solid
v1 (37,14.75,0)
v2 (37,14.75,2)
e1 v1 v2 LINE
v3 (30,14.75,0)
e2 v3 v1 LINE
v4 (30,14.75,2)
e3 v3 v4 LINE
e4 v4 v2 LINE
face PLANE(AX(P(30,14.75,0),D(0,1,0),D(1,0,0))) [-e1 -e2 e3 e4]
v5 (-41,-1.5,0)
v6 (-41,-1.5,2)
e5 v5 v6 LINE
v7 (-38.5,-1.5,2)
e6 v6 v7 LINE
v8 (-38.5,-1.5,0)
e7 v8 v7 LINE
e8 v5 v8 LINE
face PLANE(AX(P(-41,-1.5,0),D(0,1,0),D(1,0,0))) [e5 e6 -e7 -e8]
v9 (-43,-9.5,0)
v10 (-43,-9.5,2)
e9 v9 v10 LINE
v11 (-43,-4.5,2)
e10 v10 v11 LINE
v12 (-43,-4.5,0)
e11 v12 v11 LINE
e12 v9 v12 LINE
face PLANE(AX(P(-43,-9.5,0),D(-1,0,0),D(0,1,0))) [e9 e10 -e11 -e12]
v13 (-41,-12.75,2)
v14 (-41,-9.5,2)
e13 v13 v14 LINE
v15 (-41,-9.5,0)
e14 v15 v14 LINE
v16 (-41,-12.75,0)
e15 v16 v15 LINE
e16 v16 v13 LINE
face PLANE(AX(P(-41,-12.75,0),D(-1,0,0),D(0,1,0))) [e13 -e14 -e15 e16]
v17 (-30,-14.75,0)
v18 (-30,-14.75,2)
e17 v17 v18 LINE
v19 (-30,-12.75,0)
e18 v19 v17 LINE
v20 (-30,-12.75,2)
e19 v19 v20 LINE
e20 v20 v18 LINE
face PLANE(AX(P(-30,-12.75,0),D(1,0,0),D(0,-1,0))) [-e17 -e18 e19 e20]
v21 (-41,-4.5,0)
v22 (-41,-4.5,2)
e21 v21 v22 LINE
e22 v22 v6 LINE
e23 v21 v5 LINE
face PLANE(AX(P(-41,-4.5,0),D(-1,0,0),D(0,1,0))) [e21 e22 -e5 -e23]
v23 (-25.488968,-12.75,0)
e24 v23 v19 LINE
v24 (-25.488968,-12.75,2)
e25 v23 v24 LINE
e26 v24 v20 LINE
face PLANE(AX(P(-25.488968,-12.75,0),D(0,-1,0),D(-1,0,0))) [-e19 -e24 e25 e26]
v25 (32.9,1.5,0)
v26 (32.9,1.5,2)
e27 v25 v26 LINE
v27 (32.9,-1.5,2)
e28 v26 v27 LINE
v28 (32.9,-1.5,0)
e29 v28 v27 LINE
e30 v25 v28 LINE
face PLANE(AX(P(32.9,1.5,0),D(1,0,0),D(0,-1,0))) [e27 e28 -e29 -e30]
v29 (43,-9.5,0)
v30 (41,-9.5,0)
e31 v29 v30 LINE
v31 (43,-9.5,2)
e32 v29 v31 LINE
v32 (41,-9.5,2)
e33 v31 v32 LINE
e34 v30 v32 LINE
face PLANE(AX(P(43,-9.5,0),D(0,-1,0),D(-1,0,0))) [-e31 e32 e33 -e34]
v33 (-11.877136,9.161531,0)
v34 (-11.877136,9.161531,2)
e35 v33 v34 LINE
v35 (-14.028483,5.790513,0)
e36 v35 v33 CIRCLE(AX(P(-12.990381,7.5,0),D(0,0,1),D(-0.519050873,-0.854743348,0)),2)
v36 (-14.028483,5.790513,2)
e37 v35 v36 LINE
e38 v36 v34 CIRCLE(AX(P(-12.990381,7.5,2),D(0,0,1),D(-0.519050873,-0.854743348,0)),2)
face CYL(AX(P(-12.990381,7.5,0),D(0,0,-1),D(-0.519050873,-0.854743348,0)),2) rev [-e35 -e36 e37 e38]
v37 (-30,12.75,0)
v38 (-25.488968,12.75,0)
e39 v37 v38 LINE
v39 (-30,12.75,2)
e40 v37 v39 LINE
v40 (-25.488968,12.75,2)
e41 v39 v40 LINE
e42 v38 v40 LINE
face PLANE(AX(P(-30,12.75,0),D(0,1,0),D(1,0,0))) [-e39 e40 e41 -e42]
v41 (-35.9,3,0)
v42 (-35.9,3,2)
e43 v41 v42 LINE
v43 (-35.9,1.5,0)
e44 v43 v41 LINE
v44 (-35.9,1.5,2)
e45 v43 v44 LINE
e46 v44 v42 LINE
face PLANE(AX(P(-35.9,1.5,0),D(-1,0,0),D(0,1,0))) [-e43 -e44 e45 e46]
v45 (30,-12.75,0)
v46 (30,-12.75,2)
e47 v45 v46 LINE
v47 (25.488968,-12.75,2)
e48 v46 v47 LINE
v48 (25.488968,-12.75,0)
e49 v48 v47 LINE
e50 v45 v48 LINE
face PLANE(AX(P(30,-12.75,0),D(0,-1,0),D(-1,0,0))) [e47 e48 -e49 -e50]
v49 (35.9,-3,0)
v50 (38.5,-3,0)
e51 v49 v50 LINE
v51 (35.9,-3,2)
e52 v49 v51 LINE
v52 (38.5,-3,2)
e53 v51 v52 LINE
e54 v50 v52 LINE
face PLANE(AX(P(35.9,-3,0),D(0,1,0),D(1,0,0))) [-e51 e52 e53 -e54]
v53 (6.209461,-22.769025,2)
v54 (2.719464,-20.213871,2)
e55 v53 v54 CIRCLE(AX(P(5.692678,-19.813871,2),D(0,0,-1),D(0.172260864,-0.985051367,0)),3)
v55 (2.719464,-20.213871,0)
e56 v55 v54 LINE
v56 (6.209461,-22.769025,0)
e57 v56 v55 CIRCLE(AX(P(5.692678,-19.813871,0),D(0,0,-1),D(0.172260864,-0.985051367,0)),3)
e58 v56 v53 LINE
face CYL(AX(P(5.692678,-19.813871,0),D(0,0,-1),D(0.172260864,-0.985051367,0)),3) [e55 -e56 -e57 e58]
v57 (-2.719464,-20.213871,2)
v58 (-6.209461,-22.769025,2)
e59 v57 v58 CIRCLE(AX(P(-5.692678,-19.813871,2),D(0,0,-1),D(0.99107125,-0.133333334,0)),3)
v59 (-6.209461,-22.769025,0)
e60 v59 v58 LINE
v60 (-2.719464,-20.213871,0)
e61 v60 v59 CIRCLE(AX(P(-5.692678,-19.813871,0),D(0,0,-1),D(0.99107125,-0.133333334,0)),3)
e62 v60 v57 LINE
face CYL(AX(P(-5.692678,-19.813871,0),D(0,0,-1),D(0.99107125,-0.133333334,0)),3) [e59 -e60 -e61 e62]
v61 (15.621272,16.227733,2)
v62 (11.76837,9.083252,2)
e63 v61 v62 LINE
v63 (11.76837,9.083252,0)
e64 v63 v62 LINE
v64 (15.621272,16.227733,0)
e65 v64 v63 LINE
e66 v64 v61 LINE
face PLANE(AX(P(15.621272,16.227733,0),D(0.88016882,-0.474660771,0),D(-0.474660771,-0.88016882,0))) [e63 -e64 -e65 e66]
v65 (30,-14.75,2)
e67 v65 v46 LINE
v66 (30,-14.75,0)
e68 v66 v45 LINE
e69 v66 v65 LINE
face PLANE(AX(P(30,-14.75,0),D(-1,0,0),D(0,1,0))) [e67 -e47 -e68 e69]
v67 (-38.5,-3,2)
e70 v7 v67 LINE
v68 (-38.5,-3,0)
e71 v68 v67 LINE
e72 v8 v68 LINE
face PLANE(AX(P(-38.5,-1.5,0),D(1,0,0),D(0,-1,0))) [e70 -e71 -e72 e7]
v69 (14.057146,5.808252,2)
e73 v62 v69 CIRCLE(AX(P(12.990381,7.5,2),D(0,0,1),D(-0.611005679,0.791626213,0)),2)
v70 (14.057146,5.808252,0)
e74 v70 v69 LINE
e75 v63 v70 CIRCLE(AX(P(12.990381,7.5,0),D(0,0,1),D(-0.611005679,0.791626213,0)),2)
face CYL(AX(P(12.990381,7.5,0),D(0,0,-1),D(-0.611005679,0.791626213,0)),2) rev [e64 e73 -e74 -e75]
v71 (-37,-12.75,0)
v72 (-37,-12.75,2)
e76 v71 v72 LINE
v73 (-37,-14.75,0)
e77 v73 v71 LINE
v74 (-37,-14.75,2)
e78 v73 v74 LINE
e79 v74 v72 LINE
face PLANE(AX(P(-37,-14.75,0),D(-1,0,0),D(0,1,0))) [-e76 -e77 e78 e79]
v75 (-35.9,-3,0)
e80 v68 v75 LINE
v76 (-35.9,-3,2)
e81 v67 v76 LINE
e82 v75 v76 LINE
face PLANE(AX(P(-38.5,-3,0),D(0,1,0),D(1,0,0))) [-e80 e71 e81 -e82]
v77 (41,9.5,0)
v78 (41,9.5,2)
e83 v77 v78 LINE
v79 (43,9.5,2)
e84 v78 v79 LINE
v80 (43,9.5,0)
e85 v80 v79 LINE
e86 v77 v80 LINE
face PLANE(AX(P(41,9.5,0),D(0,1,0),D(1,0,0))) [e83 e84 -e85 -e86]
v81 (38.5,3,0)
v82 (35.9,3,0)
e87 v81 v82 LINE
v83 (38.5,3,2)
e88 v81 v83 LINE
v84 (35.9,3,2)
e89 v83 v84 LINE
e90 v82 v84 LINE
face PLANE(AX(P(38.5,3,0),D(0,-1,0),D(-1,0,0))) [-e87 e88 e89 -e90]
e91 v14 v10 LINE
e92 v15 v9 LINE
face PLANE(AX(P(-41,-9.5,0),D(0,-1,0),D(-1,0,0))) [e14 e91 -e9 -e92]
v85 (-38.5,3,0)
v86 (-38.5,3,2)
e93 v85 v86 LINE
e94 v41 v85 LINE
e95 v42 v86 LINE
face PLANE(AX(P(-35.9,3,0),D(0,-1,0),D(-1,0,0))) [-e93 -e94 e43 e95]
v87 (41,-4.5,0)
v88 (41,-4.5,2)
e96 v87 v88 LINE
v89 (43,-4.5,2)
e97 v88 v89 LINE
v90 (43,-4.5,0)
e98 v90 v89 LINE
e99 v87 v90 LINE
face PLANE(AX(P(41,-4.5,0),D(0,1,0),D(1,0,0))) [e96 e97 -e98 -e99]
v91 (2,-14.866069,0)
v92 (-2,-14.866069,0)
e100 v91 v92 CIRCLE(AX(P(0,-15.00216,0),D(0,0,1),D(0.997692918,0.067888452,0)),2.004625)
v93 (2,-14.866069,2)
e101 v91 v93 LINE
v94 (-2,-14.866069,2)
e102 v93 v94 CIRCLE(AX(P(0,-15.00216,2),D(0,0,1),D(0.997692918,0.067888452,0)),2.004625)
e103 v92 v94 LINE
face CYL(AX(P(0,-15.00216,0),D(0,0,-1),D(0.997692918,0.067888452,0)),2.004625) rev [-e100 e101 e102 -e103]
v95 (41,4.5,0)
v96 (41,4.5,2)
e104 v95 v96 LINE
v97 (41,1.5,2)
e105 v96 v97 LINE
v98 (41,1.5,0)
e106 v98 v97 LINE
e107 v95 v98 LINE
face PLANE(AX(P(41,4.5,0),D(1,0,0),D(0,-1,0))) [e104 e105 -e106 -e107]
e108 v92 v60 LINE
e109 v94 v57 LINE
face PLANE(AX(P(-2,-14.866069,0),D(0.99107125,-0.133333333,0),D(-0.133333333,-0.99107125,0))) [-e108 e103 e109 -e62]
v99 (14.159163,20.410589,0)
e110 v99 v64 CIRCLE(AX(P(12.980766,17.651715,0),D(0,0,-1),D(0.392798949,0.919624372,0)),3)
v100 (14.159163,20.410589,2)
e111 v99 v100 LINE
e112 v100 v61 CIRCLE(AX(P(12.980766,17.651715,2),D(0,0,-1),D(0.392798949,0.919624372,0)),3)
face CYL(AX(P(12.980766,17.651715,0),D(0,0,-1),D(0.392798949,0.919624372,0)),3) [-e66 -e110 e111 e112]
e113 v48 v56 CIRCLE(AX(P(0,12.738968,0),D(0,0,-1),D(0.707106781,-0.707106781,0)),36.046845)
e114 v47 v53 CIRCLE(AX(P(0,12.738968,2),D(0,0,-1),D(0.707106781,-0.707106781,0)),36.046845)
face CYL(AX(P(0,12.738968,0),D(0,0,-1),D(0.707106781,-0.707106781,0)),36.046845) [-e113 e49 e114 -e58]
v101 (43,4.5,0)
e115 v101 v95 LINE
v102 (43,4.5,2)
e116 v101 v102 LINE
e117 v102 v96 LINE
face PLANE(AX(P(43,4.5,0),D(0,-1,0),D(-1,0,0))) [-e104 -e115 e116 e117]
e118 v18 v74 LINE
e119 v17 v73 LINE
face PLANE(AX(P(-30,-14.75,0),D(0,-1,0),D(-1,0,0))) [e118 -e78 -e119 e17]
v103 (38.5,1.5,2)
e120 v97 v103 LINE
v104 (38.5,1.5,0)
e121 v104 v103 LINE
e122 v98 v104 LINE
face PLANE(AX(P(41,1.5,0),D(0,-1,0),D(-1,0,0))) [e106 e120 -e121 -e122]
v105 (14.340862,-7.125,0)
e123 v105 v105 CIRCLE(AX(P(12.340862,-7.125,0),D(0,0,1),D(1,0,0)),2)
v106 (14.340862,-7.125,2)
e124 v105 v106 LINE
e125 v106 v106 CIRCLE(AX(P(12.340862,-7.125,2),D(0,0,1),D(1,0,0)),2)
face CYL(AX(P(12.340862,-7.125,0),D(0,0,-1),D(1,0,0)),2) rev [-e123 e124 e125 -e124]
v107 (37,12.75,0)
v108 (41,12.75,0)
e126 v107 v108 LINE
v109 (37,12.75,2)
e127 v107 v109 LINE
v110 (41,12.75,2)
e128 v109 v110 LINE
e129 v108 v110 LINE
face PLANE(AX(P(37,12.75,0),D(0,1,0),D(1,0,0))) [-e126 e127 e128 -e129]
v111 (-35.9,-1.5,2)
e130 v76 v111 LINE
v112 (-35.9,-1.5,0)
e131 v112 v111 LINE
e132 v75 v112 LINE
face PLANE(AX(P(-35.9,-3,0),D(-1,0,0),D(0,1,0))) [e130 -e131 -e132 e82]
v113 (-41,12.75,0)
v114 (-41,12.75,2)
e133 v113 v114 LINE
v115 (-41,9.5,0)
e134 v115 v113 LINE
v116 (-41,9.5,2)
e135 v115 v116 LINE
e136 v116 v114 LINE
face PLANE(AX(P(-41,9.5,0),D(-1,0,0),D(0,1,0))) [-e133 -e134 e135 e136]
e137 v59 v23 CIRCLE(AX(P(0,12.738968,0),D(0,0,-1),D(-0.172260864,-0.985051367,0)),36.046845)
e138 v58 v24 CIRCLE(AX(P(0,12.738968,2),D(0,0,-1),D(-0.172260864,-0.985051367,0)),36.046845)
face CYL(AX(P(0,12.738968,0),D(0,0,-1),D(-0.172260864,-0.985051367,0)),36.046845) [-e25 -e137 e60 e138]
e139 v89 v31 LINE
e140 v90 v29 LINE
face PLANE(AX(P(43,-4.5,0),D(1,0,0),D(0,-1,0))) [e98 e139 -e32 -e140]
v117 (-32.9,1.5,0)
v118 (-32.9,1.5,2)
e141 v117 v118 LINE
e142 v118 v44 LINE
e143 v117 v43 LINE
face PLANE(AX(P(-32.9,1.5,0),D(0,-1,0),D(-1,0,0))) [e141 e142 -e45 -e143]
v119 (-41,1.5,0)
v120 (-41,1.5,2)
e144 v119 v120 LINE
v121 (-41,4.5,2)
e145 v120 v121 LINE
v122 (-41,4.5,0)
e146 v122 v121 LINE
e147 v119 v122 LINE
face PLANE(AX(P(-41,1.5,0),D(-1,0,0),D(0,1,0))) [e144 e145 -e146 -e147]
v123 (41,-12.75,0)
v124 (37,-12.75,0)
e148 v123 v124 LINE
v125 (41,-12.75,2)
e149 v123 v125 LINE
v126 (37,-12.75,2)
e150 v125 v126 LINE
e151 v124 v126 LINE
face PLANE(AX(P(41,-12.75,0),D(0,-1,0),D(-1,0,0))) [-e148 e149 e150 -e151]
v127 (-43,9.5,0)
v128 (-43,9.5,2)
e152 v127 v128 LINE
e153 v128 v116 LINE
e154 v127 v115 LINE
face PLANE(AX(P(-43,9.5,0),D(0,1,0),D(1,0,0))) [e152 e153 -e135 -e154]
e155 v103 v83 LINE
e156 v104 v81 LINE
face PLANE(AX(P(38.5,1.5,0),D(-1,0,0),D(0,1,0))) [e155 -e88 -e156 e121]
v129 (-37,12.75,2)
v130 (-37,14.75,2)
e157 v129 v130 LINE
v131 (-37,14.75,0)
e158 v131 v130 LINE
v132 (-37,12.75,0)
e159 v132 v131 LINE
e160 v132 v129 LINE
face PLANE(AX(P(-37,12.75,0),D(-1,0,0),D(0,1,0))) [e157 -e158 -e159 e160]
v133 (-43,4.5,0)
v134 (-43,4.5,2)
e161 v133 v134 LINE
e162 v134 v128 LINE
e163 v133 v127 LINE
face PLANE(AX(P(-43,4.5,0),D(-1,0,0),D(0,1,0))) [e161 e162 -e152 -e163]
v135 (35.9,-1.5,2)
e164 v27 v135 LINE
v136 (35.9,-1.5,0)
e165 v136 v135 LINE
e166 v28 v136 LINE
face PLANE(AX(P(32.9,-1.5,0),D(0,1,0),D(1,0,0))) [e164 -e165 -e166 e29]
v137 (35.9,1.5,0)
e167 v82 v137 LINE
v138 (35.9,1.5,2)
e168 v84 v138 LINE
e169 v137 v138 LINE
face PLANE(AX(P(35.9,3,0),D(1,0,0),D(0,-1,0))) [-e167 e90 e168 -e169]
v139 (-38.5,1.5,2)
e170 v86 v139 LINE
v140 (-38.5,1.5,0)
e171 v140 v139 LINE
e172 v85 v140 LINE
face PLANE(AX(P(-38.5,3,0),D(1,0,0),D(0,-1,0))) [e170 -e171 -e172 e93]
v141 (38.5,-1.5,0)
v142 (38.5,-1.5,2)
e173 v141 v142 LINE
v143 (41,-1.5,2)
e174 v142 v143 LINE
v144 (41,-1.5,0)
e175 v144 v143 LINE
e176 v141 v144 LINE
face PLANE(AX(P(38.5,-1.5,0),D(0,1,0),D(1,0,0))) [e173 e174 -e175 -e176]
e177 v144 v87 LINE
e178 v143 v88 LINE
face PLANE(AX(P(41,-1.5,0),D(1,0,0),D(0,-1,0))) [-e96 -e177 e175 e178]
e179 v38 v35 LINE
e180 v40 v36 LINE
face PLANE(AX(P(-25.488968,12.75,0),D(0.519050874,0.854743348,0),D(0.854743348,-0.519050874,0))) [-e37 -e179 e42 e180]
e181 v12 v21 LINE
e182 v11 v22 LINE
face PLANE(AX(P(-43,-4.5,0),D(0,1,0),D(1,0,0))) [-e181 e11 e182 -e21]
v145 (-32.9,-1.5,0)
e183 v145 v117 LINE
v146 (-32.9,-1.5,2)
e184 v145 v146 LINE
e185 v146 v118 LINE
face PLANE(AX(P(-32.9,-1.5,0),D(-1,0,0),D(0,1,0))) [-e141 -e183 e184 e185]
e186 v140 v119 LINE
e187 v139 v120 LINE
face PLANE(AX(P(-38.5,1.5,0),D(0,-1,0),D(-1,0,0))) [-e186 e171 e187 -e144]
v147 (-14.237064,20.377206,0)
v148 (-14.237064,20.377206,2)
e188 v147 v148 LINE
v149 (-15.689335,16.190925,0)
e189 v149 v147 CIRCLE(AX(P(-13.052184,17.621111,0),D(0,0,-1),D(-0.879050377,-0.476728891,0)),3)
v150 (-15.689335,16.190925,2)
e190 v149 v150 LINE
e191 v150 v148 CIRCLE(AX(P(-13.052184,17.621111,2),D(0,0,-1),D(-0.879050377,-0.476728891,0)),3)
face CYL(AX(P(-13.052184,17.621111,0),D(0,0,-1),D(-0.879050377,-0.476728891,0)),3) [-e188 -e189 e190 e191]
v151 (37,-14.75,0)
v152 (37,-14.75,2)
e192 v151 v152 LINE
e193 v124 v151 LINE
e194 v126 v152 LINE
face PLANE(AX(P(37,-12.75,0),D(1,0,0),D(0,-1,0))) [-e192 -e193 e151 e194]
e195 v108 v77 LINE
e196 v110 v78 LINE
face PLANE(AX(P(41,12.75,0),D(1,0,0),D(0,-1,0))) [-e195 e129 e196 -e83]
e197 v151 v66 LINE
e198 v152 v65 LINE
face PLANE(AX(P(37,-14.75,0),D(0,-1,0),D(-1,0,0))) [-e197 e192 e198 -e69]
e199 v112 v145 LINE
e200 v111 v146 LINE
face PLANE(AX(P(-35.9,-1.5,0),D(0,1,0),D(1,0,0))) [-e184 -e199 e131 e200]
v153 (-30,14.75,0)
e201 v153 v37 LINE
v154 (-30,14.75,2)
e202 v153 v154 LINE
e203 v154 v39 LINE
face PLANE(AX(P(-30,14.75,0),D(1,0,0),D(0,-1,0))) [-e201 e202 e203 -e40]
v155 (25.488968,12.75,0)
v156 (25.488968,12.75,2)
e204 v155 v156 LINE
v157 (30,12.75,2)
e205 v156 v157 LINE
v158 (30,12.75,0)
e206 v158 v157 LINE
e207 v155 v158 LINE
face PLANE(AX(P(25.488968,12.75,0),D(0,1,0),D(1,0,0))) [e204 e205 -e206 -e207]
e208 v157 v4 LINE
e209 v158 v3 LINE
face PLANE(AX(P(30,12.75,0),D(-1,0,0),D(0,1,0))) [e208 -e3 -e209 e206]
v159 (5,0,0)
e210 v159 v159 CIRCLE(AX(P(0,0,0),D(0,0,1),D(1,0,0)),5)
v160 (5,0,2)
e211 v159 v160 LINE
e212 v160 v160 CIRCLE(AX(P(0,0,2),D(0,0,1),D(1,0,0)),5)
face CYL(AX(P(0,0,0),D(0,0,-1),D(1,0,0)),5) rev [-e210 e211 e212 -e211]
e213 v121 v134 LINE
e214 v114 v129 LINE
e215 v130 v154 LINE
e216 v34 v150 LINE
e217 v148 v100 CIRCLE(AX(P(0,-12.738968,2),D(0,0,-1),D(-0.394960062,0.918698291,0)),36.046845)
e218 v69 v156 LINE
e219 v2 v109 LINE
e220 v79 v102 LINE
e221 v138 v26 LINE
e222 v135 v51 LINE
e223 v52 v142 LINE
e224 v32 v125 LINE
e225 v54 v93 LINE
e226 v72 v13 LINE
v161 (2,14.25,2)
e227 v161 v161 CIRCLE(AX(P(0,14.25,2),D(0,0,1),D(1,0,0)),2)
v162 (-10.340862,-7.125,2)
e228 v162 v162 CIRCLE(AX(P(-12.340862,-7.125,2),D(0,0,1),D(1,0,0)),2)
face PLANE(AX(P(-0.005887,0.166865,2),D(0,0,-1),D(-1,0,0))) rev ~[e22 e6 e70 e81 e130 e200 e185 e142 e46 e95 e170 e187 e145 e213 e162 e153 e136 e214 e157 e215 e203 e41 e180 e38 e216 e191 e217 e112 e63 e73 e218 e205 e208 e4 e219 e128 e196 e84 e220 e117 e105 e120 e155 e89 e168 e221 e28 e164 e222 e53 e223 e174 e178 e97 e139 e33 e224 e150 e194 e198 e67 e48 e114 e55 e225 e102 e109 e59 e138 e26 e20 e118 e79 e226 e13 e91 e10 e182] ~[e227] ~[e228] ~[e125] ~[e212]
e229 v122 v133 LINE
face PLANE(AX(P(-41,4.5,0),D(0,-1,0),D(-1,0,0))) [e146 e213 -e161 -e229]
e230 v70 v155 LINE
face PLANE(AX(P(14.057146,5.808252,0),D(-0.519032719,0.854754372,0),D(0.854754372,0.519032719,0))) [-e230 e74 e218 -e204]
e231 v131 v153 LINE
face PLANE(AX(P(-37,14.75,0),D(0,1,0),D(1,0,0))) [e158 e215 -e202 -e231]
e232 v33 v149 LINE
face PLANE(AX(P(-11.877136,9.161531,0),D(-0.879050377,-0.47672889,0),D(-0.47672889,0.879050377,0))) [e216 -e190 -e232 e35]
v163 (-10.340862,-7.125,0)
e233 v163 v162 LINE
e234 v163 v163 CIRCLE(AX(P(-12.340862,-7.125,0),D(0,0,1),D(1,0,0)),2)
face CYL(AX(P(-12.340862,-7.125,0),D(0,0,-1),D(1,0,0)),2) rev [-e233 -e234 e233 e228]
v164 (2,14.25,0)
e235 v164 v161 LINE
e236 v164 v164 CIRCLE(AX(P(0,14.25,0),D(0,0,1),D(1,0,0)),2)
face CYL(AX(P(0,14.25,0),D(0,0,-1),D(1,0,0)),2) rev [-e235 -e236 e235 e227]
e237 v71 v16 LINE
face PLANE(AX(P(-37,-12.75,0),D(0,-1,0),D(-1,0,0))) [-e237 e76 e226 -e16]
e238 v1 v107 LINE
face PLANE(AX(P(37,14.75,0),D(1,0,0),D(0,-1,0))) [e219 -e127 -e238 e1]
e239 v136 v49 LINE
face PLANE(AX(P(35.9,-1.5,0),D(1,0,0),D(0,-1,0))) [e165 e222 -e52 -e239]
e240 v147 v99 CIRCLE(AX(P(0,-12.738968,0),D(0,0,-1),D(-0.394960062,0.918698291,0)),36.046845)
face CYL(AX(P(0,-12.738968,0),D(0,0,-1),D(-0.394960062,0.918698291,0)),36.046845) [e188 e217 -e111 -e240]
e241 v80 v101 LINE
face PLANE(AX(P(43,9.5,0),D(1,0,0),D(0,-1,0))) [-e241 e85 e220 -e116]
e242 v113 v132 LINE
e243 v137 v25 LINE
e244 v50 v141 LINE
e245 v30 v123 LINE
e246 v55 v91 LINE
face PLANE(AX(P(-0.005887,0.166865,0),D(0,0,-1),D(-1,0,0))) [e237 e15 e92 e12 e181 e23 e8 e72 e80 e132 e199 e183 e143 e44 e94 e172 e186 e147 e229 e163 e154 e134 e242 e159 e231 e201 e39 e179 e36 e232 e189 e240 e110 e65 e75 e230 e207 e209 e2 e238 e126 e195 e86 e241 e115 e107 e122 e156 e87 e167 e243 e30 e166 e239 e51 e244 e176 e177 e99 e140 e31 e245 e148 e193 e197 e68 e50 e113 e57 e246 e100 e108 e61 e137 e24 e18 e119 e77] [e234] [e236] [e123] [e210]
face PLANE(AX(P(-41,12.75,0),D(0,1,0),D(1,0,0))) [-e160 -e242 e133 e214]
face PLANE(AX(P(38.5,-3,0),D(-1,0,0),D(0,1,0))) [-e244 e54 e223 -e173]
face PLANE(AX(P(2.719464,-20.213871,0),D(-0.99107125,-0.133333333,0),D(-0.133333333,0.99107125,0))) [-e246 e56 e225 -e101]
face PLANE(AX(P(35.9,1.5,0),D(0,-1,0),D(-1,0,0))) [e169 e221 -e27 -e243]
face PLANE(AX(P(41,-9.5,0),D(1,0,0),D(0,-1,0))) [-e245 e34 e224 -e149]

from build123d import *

# Parameters (mm, degrees)
SKETCH_1_R      = 2
SKETCH_1_R_2    = 5
EXTRUDE_2_DEPTH = 2


with BuildPart() as part:
    # 草图1 → 凸台-拉伸2 (new body)
    with BuildSketch(Plane.XY):
        with BuildLine():
            Line((-37, -12.75), (-41, -12.75))
            Line((-41, -12.75), (-41, -9.5))
            Line((-41, -9.5), (-43, -9.5))
            Line((-43, -9.5), (-43, -4.5))
            Line((-43, -4.5), (-41, -4.5))
            Line((-41, -4.5), (-41, -1.5))
            Line((-41, -1.5), (-38.5, -1.5))
            Line((-38.5, -1.5), (-38.5, -3))
            Line((-38.5, -3), (-35.9, -3))
            Line((-35.9, -3), (-35.9, -1.5))
            Line((-35.9, -1.5), (-32.9, -1.5))
            Line((-32.9, -1.5), (-32.9, 1.5))
            Line((-32.9, 1.5), (-35.9, 1.5))
            Line((-35.9, 1.5), (-35.9, 3))
            Line((-35.9, 3), (-38.5, 3))
            Line((-38.5, 3), (-38.5, 1.5))
            Line((-38.5, 1.5), (-41, 1.5))
            Line((-41, 1.5), (-41, 4.5))
            Line((-41, 4.5), (-43, 4.5))
            Line((-43, 4.5), (-43, 9.5))
            Line((-43, 9.5), (-41, 9.5))
            Line((-41, 9.5), (-41, 12.75))
            Line((-41, 12.75), (-37, 12.75))
            Line((-37, 12.75), (-37, 14.75))
            Line((-37, 14.75), (-30, 14.75))
            Line((-30, 14.75), (-30, 12.75))
            Line((-30, 12.75), (-25.488968202, 12.75))
            Line((-25.488968202, 12.75), (-14.028482804, 5.790513304))
            ThreePointArc((-14.028482804, 5.790513304), (-11.304453577, 6.424059234), (-11.8771357, 9.161530853))
            Line((-11.8771357, 9.161530853), (-15.689334886, 16.190924706))
            ThreePointArc((-15.689334886, 16.190924706), (-15.886477166, 18.604361531), (-14.237063941, 20.37720625))
            ThreePointArc((-14.237063941, 20.37720625), (-0.042376251, 23.307851412), (14.159162664, 20.410588547))
            ThreePointArc((14.159162664, 20.410588547), (15.812739599, 18.641626787), (15.621272277, 16.227733118))
            Line((15.621272277, 16.227733118), (11.768369699, 9.083252425))
            ThreePointArc((11.768369699, 9.083252425), (11.351042044, 6.354326573), (14.057146467, 5.808251922))
            Line((14.057146467, 5.808251922), (25.488968202, 12.75))
            Line((25.488968202, 12.75), (30, 12.75))
            Line((30, 12.75), (30, 14.75))
            Line((30, 14.75), (37, 14.75))
            Line((37, 14.75), (37, 12.75))
            Line((37, 12.75), (41, 12.75))
            Line((41, 12.75), (41, 9.5))
            Line((41, 9.5), (43, 9.5))
            Line((43, 9.5), (43, 4.5))
            Line((43, 4.5), (41, 4.5))
            Line((41, 4.5), (41, 1.5))
            Line((41, 1.5), (38.5, 1.5))
            Line((38.5, 1.5), (38.5, 3))
            Line((38.5, 3), (35.9, 3))
            Line((35.9, 3), (35.9, 1.5))
            Line((35.9, 1.5), (32.9, 1.5))
            Line((32.9, 1.5), (32.9, -1.5))
            Line((32.9, -1.5), (35.9, -1.5))
            Line((35.9, -1.5), (35.9, -3))
            Line((35.9, -3), (38.5, -3))
            Line((38.5, -3), (38.5, -1.5))
            Line((38.5, -1.5), (41, -1.5))
            Line((41, -1.5), (41, -4.5))
            Line((41, -4.5), (43, -4.5))
            Line((43, -4.5), (43, -9.5))
            Line((43, -9.5), (41, -9.5))
            Line((41, -9.5), (41, -12.75))
            Line((41, -12.75), (37, -12.75))
            Line((37, -12.75), (37, -14.75))
            Line((37, -14.75), (30, -14.75))
            Line((30, -14.75), (30, -12.75))
            Line((30, -12.75), (25.488968202, -12.75))
            ThreePointArc((25.488968202, -12.75), (16.622058042, -19.246687746), (6.209460579, -22.769025255))
            ThreePointArc((6.209460579, -22.769025255), (3.920471276, -22.23446682), (2.719464237, -20.213871155))
            Line((2.719464237, -20.213871155), (2, -14.866068747))
            ThreePointArc((2, -14.866068747), (0, -12.997534789), (-2, -14.866068747))
            Line((-2, -14.866068747), (-2.719464237, -20.213871155))
            ThreePointArc((-2.719464237, -20.213871155), (-3.920471276, -22.23446682), (-6.209460579, -22.769025255))
            ThreePointArc((-6.209460579, -22.769025255), (-16.622058042, -19.246687746), (-25.488968202, -12.75))
            Line((-25.488968202, -12.75), (-30, -12.75))
            Line((-30, -12.75), (-30, -14.75))
            Line((-30, -14.75), (-37, -14.75))
            Line((-37, -14.75), (-37, -12.75))
        make_face()
        with Locations((0, 14.25)):
            Circle(SKETCH_1_R, mode=Mode.SUBTRACT)
        with Locations((12.340862004, -7.125)):
            Circle(SKETCH_1_R, mode=Mode.SUBTRACT)
        with Locations((-12.340862004, -7.125)):
            Circle(SKETCH_1_R, mode=Mode.SUBTRACT)
        Circle(SKETCH_1_R_2, mode=Mode.SUBTRACT)
    extrude(amount=EXTRUDE_2_DEPTH)


solid = part.part
